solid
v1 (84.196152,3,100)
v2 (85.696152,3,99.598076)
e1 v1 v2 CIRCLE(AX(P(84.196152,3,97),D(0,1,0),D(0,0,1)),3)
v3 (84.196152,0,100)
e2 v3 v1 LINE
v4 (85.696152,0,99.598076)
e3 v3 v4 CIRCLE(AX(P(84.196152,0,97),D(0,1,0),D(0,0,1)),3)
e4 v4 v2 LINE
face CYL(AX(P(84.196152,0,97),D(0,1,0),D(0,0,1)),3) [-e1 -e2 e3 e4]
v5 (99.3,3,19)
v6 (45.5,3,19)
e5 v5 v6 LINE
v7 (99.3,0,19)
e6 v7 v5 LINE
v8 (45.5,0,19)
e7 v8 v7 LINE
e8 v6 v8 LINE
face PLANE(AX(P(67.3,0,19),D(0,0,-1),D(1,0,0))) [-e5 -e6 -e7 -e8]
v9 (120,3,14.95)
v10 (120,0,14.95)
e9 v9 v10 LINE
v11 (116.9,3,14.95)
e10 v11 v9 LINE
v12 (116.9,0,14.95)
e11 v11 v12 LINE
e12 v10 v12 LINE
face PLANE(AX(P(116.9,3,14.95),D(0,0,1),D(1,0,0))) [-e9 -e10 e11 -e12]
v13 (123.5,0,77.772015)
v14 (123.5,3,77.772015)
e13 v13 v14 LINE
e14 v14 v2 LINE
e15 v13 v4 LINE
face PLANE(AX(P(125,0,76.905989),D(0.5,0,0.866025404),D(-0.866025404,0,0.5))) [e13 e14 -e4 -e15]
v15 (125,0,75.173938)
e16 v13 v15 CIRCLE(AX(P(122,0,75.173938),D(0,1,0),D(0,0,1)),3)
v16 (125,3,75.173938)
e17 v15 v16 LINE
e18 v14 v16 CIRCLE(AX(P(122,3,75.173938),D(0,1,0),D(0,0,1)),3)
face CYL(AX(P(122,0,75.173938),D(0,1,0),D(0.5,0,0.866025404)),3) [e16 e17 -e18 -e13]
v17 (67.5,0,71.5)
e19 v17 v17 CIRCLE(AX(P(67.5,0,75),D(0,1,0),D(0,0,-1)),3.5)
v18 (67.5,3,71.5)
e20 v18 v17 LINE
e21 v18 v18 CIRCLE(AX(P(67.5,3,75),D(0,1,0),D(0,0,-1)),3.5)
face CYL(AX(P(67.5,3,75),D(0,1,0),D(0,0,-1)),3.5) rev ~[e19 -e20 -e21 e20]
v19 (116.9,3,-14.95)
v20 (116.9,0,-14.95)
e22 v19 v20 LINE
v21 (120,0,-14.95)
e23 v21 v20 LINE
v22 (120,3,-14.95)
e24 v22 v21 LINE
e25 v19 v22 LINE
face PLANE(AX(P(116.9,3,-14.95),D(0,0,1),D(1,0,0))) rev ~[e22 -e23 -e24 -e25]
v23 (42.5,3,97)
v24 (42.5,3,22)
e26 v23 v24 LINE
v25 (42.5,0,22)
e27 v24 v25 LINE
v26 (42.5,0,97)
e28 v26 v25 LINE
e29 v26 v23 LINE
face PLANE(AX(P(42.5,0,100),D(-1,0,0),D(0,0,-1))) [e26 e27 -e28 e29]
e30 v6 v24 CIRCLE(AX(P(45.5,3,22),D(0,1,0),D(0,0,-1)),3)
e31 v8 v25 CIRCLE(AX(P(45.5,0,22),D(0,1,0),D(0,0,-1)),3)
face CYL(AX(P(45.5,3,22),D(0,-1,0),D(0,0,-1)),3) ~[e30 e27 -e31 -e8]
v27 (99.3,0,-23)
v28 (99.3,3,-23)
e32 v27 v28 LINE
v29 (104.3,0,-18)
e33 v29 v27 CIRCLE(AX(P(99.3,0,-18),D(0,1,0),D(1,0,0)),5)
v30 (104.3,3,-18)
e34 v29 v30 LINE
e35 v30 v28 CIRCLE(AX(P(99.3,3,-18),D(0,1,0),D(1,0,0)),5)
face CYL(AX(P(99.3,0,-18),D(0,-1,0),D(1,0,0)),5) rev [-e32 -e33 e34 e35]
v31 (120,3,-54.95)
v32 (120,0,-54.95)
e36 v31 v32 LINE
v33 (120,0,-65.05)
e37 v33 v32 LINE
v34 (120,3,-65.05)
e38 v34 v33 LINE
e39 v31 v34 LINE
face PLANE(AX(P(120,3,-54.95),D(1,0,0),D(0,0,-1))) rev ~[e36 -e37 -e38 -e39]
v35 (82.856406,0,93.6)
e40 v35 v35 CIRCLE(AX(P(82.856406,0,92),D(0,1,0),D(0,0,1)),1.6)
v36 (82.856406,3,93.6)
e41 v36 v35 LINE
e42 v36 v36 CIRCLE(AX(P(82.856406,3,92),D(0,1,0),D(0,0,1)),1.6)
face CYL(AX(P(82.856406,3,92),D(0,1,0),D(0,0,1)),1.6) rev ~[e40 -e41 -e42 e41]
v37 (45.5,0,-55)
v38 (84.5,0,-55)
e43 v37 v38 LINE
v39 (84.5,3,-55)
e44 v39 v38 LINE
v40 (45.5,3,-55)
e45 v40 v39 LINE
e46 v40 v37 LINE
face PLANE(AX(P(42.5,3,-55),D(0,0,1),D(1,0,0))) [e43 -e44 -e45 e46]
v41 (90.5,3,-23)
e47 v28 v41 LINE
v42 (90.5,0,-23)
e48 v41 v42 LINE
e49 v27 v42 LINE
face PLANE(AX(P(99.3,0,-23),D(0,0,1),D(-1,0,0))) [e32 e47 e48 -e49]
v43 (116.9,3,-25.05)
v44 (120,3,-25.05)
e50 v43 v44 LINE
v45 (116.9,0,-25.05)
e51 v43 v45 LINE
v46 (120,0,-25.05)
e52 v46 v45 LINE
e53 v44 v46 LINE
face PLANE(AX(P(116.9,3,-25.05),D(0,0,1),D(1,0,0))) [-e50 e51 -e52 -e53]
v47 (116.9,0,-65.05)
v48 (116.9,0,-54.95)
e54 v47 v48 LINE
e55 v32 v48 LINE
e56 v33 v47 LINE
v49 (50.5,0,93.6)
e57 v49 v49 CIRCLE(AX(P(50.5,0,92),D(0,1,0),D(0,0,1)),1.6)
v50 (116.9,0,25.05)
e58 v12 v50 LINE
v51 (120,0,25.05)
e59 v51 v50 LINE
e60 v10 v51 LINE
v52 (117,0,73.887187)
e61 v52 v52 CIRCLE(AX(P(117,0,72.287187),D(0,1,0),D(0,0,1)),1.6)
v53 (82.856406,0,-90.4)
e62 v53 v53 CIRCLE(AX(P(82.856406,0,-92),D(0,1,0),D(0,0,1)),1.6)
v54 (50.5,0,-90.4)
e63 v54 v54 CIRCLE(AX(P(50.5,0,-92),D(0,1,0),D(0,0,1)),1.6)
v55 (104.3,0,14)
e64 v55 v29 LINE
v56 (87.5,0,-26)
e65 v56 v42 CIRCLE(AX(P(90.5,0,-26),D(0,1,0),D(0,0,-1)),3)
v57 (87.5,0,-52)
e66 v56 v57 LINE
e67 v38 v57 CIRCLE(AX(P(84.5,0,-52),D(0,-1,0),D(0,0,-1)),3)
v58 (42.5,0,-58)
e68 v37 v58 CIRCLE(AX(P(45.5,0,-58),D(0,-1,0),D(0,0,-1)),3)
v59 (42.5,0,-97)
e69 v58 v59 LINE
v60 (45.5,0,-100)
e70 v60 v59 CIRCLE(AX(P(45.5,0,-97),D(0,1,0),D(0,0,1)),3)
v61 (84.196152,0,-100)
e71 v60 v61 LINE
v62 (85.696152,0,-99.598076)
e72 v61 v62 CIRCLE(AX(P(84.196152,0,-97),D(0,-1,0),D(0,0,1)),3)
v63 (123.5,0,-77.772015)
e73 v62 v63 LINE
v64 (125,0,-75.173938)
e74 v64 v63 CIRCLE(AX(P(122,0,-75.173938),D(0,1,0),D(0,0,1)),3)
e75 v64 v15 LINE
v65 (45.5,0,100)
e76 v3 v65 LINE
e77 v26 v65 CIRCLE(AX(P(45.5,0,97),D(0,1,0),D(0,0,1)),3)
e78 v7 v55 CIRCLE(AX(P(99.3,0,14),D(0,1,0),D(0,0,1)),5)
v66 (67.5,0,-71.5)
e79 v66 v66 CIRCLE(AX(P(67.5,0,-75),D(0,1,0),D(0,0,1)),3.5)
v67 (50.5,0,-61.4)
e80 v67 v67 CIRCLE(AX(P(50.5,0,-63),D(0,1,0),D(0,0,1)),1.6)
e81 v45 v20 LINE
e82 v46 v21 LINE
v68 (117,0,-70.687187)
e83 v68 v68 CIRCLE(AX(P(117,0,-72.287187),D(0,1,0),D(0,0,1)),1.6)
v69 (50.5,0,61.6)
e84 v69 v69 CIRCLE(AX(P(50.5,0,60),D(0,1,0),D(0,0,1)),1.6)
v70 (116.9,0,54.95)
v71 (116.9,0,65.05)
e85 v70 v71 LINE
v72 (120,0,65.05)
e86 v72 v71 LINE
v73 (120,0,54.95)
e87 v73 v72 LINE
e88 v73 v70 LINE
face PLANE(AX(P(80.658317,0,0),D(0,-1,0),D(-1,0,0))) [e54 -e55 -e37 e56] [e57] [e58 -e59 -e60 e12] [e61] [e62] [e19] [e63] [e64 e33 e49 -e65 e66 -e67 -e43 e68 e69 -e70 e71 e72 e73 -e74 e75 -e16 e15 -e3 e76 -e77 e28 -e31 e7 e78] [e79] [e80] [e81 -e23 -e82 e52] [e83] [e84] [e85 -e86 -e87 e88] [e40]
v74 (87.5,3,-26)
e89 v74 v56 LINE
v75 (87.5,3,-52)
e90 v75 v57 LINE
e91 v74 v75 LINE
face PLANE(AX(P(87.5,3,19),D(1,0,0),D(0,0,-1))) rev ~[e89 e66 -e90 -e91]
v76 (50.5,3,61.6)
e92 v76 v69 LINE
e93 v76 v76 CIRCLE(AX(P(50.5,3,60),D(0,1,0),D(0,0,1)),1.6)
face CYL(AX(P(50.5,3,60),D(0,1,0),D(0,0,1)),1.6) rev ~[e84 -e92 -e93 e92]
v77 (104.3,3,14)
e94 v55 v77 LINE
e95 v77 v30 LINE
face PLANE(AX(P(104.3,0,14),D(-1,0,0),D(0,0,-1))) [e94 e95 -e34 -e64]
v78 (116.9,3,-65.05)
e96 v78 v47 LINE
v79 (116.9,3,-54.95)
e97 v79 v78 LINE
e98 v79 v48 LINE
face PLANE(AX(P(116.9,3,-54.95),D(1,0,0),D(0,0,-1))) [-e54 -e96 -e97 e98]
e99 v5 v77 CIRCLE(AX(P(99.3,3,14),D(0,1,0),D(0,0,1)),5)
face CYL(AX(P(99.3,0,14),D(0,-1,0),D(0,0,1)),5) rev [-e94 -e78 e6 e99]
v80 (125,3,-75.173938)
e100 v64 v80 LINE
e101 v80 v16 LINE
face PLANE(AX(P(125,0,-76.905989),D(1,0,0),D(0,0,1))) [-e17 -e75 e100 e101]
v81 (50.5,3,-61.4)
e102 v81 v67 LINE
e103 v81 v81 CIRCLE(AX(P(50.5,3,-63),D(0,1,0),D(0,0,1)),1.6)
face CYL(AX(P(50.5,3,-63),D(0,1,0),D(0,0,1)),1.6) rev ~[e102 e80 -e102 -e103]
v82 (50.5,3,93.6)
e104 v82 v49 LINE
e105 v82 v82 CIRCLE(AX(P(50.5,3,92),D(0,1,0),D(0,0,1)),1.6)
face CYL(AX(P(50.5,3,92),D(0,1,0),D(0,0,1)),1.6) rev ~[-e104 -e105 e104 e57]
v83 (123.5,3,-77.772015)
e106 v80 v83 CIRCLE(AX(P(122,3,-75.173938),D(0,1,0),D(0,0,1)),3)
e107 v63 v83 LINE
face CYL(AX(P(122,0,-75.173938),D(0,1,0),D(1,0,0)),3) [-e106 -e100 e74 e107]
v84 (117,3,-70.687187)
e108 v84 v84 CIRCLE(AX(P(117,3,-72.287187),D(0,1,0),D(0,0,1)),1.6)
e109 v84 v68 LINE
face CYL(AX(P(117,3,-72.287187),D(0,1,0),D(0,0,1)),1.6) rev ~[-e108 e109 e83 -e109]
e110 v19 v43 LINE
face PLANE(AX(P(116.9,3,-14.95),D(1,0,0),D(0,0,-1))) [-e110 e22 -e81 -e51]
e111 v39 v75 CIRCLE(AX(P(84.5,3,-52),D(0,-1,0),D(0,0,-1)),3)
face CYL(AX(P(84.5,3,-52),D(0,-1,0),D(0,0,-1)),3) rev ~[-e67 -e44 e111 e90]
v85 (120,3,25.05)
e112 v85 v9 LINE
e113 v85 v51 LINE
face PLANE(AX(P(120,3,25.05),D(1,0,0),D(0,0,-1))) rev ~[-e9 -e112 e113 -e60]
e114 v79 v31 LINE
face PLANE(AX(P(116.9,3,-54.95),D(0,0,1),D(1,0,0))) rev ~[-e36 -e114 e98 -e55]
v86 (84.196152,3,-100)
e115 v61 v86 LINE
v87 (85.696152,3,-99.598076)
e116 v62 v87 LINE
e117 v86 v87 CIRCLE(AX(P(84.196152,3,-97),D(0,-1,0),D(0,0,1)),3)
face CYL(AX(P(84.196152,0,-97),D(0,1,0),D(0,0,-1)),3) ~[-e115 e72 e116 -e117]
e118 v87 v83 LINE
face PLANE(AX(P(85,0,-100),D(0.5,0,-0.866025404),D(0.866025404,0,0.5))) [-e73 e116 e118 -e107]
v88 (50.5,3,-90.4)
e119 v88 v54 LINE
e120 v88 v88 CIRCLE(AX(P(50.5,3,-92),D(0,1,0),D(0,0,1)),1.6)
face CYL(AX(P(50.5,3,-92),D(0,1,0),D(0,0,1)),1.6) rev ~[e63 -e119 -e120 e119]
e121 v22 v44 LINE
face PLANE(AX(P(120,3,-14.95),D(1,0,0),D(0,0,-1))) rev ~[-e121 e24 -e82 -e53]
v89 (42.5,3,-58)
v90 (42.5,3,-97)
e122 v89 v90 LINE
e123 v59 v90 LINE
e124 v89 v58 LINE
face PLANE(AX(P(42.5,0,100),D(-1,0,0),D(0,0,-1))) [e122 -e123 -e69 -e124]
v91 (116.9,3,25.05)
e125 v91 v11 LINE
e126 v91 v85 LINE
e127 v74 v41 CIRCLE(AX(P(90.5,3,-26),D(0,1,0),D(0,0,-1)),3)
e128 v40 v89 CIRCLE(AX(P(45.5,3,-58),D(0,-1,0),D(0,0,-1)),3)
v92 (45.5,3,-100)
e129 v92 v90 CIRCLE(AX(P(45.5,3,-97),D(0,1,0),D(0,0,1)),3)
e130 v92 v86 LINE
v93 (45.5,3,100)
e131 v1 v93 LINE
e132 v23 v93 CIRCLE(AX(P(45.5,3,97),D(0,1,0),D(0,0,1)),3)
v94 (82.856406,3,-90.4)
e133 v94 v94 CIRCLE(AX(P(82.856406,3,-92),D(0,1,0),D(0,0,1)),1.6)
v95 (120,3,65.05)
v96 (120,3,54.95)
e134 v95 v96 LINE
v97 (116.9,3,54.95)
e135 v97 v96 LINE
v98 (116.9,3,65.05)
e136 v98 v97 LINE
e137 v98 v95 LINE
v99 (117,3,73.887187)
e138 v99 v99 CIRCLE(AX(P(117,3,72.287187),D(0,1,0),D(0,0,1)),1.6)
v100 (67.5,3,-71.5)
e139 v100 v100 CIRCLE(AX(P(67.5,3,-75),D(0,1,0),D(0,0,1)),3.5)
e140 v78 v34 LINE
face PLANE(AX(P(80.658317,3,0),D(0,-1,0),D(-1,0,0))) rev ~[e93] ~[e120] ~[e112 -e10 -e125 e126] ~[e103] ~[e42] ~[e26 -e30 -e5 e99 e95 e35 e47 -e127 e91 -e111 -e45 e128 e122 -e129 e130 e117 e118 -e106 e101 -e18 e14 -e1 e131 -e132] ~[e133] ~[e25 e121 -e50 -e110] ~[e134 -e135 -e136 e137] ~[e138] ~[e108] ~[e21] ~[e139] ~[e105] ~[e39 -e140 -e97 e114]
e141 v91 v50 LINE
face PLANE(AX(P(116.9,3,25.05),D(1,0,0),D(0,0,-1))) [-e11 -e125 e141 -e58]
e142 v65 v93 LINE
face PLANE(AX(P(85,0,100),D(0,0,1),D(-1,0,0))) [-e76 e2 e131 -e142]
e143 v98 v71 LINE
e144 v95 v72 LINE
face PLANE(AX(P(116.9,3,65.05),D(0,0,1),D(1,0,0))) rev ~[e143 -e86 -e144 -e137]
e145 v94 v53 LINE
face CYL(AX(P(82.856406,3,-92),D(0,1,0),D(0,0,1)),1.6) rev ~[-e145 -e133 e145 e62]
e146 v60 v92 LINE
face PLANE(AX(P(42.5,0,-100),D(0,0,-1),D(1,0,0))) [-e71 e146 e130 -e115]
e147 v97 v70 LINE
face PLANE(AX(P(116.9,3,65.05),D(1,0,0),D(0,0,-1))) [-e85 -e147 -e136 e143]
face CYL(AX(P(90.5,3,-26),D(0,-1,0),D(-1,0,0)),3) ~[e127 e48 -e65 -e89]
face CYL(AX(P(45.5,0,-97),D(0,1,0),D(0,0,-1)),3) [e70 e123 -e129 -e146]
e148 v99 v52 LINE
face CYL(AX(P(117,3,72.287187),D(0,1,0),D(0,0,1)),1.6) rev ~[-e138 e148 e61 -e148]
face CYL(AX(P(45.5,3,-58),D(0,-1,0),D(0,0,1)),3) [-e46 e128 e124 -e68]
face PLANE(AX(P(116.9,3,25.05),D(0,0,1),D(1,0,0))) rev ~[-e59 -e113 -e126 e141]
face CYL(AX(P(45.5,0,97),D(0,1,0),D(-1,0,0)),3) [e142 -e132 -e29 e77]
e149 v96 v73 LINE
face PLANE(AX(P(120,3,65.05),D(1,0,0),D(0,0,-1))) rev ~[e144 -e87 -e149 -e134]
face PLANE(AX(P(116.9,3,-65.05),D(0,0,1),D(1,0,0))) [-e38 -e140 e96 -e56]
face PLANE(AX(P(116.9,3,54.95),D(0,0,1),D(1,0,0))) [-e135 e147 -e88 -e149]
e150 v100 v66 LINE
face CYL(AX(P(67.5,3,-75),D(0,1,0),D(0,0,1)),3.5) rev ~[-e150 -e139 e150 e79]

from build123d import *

# Parameters (mm, degrees)
BOSS_EXTRUDE1_DEPTH = 3
CUT_EXTRUDE1_REACH  = 162.106
SKETCH2_W           = 45
SKETCH2_H           = 74
FILLET2_R           = 3
SKETCH3_W           = 3.1
SKETCH3_H           = 10.1
CUT_EXTRUDE2_DEPTH  = 161.106214745
CUT_EXTRUDE3_REACH  = 162.106
SKETCH4_R           = 1.6
SKETCH5_R           = 3.5
CUT_EXTRUDE4_DEPTH  = 161.106214745


with BuildPart() as part:
    # Sketch1 → Boss-Extrude1 (new body)
    with BuildSketch(Plane(origin=(0, 0, 0), x_dir=(1, 0, 0), z_dir=(0, 1, 0))):
        Polygon((42.5, 100), (85, 100), (125, 76.905989232), (125, -76.905989232), (85, -100), (42.5, -100), align=None)
        with BuildLine():
            Line((99.3, 23), (67.3, 23))
            ThreePointArc((67.3, 23), (63.764466094, 21.535533906), (62.3, 18))
            Line((62.3, 18), (62.3, -14))
            ThreePointArc((62.3, -14), (63.764466094, -17.535533906), (67.3, -19))
            Line((67.3, -19), (99.3, -19))
            ThreePointArc((99.3, -19), (102.835533906, -17.535533906), (104.3, -14))
            Line((104.3, -14), (104.3, 18))
            ThreePointArc((104.3, 18), (102.835533906, 21.535533906), (99.3, 23))
        make_face(mode=Mode.SUBTRACT)
    extrude(amount=BOSS_EXTRUDE1_DEPTH)

    # Sketch2 → Cut-Extrude1 (cut, up to next)
    with BuildSketch(Plane(origin=(0, 3, 0), x_dir=(1, 0, 0), z_dir=(0, 1, 0)), mode=Mode.PRIVATE) as cut_extrude1_sk1:
        with Locations((65, 18)):
            Rectangle(SKETCH2_W, SKETCH2_H)
    cut_extrude1_tool1 = extrude(cut_extrude1_sk1.sketch, amount=-CUT_EXTRUDE1_REACH, mode=Mode.PRIVATE) & part.part
    add(cut_extrude1_tool1.solids().sort_by_distance((65, 3, -18))[0], mode=Mode.SUBTRACT)

    # Fillet2
    fillet2_edges = [part.edges().sort_by_distance(p)[0] for p in [
        (125, 1.5, -76.905989232),
        (125, 1.5, 76.905989232),
        (85, 1.5, 100),
        (42.5, 1.5, 100),
        (42.5, 1.5, -100),
        (85, 1.5, -100),
        (42.5, 1.5, 19),
        (42.5, 1.5, -55),
        (87.5, 1.5, -23),
        (87.5, 1.5, -55),
    ]]
    fillet(fillet2_edges, radius=FILLET2_R)

    # Sketch3 → Cut-Extrude2 (cut, through all)
    with BuildSketch(Plane(origin=(0, 3, 0), x_dir=(1, 0, 0), z_dir=(0, 1, 0))):
        with Locations((118.45, 20)):
            Rectangle(SKETCH3_W, SKETCH3_H)
        with Locations((118.45, -20)):
            Rectangle(SKETCH3_W, SKETCH3_H)
        with Locations((118.45, 60)):
            Rectangle(SKETCH3_W, SKETCH3_H)
        with Locations((118.45, -60)):
            Rectangle(SKETCH3_W, SKETCH3_H)
    extrude(amount=-CUT_EXTRUDE2_DEPTH, mode=Mode.SUBTRACT)

    # Sketch4 → Cut-Extrude3 (cut, up to next)
    with BuildSketch(Plane(origin=(0, 3, 0), x_dir=(1, 0, 0), z_dir=(0, 1, 0)), mode=Mode.PRIVATE) as cut_extrude3_sk1:
        with Locations(Location((50.5, 92, 0), (0, 0, 270))):
            Circle(SKETCH4_R)
    cut_extrude3_tool1 = extrude(cut_extrude3_sk1.sketch, amount=-CUT_EXTRUDE3_REACH, mode=Mode.PRIVATE) & part.part
    # Sketch4 → Cut-Extrude3 (cut, up to next)
    with BuildSketch(Plane(origin=(0, 3, 0), x_dir=(1, 0, 0), z_dir=(0, 1, 0)), mode=Mode.PRIVATE) as cut_extrude3_sk2:
        with Locations(Location((50.5, 63, 0), (0, 0, 270))):
            Circle(SKETCH4_R)
    cut_extrude3_tool2 = extrude(cut_extrude3_sk2.sketch, amount=-CUT_EXTRUDE3_REACH, mode=Mode.PRIVATE) & part.part
    # Sketch4 → Cut-Extrude3 (cut, up to next)
    with BuildSketch(Plane(origin=(0, 3, 0), x_dir=(1, 0, 0), z_dir=(0, 1, 0)), mode=Mode.PRIVATE) as cut_extrude3_sk3:
        with Locations(Location((50.5, -60, 0), (0, 0, 270))):
            Circle(SKETCH4_R)
    cut_extrude3_tool3 = extrude(cut_extrude3_sk3.sketch, amount=-CUT_EXTRUDE3_REACH, mode=Mode.PRIVATE) & part.part
    # Sketch4 → Cut-Extrude3 (cut, up to next)
    with BuildSketch(Plane(origin=(0, 3, 0), x_dir=(1, 0, 0), z_dir=(0, 1, 0)), mode=Mode.PRIVATE) as cut_extrude3_sk4:
        with Locations(Location((50.5, -92, 0), (0, 0, 270))):
            Circle(SKETCH4_R)
    cut_extrude3_tool4 = extrude(cut_extrude3_sk4.sketch, amount=-CUT_EXTRUDE3_REACH, mode=Mode.PRIVATE) & part.part
    # Sketch4 → Cut-Extrude3 (cut, up to next)
    with BuildSketch(Plane(origin=(0, 3, 0), x_dir=(1, 0, 0), z_dir=(0, 1, 0)), mode=Mode.PRIVATE) as cut_extrude3_sk5:
        with Locations(Location((117, 72.287187079, 0), (0, 0, 270))):
            Circle(SKETCH4_R)
    cut_extrude3_tool5 = extrude(cut_extrude3_sk5.sketch, amount=-CUT_EXTRUDE3_REACH, mode=Mode.PRIVATE) & part.part
    # Sketch4 → Cut-Extrude3 (cut, up to next)
    with BuildSketch(Plane(origin=(0, 3, 0), x_dir=(1, 0, 0), z_dir=(0, 1, 0)), mode=Mode.PRIVATE) as cut_extrude3_sk6:
        with Locations(Location((117, -72.287187079, 0), (0, 0, 270))):
            Circle(SKETCH4_R)
    cut_extrude3_tool6 = extrude(cut_extrude3_sk6.sketch, amount=-CUT_EXTRUDE3_REACH, mode=Mode.PRIVATE) & part.part
    # Sketch4 → Cut-Extrude3 (cut, up to next)
    with BuildSketch(Plane(origin=(0, 3, 0), x_dir=(1, 0, 0), z_dir=(0, 1, 0)), mode=Mode.PRIVATE) as cut_extrude3_sk7:
        with Locations(Location((82.856406461, 92, 0), (0, 0, 270))):
            Circle(SKETCH4_R)
    cut_extrude3_tool7 = extrude(cut_extrude3_sk7.sketch, amount=-CUT_EXTRUDE3_REACH, mode=Mode.PRIVATE) & part.part
    # Sketch4 → Cut-Extrude3 (cut, up to next)
    with BuildSketch(Plane(origin=(0, 3, 0), x_dir=(1, 0, 0), z_dir=(0, 1, 0)), mode=Mode.PRIVATE) as cut_extrude3_sk8:
        with Locations(Location((82.856406461, -92, 0), (0, 0, 270))):
            Circle(SKETCH4_R)
    cut_extrude3_tool8 = extrude(cut_extrude3_sk8.sketch, amount=-CUT_EXTRUDE3_REACH, mode=Mode.PRIVATE) & part.part
    add(cut_extrude3_tool1.solids().sort_by_distance((50.5, 3, -92))[0], mode=Mode.SUBTRACT)
    add(cut_extrude3_tool2.solids().sort_by_distance((50.5, 3, -63))[0], mode=Mode.SUBTRACT)
    add(cut_extrude3_tool3.solids().sort_by_distance((50.5, 3, 60))[0], mode=Mode.SUBTRACT)
    add(cut_extrude3_tool4.solids().sort_by_distance((50.5, 3, 92))[0], mode=Mode.SUBTRACT)
    add(cut_extrude3_tool5.solids().sort_by_distance((117, 3, -72.287187))[0], mode=Mode.SUBTRACT)
    add(cut_extrude3_tool6.solids().sort_by_distance((117, 3, 72.287187))[0], mode=Mode.SUBTRACT)
    add(cut_extrude3_tool7.solids().sort_by_distance((82.856406, 3, -92))[0], mode=Mode.SUBTRACT)
    add(cut_extrude3_tool8.solids().sort_by_distance((82.856406, 3, 92))[0], mode=Mode.SUBTRACT)

    # Sketch5 → Cut-Extrude4 (cut, through all)
    with BuildSketch(Plane(origin=(0, 3, 0), x_dir=(1, 0, 0), z_dir=(0, 1, 0))):
        with Locations(Location((67.5, 75, 0), (0, 0, 270))):
            Circle(SKETCH5_R)
        with Locations(Location((67.5, -75, 0), (0, 0, 90))):
            Circle(SKETCH5_R)
    extrude(amount=-CUT_EXTRUDE4_DEPTH, mode=Mode.SUBTRACT)


solid = part.part
